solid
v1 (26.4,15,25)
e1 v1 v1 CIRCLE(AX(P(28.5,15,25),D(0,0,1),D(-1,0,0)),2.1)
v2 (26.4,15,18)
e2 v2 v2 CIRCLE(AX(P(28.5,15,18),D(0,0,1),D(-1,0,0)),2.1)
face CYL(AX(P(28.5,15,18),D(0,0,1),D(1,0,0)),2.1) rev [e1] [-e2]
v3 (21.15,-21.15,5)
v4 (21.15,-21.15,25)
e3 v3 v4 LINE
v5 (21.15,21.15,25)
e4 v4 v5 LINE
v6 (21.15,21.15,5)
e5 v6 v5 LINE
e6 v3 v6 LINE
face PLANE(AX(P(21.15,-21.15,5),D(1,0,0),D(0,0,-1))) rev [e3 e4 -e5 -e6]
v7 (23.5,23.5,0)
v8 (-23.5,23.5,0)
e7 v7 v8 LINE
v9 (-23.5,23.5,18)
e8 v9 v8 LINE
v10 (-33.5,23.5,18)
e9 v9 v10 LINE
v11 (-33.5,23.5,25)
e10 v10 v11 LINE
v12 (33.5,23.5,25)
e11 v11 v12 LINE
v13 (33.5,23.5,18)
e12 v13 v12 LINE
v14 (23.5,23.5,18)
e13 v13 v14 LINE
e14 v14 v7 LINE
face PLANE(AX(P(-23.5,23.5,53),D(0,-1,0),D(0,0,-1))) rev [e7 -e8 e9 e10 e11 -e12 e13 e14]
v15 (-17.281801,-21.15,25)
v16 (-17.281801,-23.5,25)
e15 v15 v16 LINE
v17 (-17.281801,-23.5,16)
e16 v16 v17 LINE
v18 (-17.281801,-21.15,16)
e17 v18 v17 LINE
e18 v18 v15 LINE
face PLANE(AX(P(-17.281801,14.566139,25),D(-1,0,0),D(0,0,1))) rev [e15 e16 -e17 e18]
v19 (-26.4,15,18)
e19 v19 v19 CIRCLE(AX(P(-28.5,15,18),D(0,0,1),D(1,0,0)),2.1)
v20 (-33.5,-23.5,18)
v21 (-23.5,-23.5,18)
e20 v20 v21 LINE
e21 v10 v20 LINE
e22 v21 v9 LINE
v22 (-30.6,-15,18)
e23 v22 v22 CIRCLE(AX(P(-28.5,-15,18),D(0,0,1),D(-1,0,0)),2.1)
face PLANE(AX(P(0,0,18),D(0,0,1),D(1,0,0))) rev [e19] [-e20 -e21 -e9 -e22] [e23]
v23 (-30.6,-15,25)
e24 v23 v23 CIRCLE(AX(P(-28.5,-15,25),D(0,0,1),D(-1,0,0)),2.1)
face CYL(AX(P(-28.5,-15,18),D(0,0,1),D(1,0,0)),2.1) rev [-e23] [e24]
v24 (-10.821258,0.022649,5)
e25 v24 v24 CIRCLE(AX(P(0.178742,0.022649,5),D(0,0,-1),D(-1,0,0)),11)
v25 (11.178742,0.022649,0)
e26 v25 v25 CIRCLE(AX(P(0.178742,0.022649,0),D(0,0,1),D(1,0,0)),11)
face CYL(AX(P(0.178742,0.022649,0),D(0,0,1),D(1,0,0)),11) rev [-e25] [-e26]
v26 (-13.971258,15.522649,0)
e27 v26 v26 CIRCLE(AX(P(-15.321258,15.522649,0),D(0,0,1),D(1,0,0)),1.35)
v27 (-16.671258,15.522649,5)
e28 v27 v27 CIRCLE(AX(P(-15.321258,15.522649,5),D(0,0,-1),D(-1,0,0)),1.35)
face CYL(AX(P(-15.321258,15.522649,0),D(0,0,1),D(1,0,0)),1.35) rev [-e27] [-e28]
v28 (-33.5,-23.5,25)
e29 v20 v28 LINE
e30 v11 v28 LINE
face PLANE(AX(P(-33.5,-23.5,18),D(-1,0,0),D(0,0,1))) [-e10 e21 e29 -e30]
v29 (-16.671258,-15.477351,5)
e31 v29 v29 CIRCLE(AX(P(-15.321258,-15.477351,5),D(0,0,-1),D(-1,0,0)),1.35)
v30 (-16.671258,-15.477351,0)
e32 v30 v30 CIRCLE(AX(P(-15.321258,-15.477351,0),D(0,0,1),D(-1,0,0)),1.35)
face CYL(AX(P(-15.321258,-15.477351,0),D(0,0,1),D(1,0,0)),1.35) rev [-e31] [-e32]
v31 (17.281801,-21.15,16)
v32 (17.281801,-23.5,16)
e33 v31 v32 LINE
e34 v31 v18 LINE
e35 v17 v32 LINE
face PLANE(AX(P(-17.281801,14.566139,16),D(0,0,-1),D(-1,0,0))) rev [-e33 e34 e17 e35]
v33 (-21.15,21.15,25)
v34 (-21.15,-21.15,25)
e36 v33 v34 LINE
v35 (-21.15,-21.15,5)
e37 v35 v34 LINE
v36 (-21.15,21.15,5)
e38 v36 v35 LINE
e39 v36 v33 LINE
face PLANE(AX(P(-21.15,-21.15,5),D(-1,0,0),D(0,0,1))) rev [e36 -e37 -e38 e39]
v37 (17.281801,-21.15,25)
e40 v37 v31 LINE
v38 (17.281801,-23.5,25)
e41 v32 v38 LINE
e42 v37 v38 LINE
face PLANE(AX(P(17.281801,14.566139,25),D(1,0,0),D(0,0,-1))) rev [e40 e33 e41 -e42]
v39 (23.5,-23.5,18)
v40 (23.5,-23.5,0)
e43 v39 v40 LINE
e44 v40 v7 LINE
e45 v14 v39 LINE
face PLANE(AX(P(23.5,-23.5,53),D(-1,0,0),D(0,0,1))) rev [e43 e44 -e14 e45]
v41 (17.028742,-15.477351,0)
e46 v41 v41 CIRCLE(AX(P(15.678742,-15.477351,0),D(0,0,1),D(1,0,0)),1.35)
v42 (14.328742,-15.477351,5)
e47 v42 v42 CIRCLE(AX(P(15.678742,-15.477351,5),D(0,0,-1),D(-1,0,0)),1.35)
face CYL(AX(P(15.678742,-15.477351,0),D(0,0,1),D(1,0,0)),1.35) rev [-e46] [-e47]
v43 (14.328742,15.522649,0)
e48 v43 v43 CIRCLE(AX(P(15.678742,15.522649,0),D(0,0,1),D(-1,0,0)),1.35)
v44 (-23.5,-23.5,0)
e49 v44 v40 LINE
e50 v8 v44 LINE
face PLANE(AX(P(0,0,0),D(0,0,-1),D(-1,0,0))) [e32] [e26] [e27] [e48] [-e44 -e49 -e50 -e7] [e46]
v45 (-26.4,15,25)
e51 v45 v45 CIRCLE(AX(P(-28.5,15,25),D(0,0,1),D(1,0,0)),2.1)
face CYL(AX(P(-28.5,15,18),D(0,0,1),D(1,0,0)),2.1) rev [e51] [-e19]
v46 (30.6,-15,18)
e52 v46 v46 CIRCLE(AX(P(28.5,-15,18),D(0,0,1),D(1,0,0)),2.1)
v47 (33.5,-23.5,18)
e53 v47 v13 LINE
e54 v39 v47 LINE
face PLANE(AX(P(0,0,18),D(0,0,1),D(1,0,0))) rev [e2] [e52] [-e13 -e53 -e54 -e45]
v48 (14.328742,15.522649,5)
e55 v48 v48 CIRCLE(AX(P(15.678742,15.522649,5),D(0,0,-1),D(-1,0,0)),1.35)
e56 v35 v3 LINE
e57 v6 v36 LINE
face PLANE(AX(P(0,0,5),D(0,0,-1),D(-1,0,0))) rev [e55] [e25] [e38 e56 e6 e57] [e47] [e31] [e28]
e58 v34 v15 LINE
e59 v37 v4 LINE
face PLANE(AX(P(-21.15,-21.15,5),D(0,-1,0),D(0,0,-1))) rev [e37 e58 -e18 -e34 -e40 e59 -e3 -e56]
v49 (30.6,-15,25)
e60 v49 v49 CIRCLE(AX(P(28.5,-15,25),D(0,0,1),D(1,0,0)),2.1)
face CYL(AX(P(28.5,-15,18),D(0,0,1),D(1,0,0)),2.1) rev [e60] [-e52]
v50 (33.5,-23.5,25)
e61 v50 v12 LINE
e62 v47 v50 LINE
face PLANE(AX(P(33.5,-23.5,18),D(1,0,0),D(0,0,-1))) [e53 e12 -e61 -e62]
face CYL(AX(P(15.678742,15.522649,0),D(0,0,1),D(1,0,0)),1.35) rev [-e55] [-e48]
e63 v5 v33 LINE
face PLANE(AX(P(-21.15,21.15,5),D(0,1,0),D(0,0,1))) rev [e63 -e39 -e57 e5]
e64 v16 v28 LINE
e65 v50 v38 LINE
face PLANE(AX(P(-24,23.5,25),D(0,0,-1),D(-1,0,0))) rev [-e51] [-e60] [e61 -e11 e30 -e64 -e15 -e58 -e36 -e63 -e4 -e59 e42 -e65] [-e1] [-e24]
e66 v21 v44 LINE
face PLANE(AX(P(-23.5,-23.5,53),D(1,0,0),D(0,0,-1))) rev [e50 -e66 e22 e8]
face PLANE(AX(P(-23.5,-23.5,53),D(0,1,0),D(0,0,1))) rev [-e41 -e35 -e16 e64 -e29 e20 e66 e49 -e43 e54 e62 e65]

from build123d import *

# Parameters (mm, degrees)
SKETCH_1_W               = 47
SKETCH_1_H               = 47
EXTRUDE_1_DEPTH          = 53
SKETCH_2_W               = 42.3
SKETCH_2_H               = 42.3
CUT_EXTRUDE_1_DEPTH      = 48
CUT_EXTRUDE_2_DEPTH      = 59.38236035
CUT_EXTRUDE_2_DEPTH_BACK = 59.38236035
SKETCH_3_R               = 11
SKETCH_3_R_2             = 1.35
SKETCH_7_W               = 28
SKETCH_7_H               = 47.225094233
CUT_EXTRUDE_5_DEPTH      = 47.5
SKETCH_20_W              = 10
SKETCH_20_H              = 47
SKETCH_20_R              = 2.1
EXTRUDE_2_DEPTH          = 7
SKETCH_23_W              = 34.56360228
SKETCH_23_H              = 9
CUT_EXTRUDE_8_DEPTH      = 2.35


with BuildPart() as part:
    # Эскиз1 → Бобышка-Вытянуть1 (new body)
    with BuildSketch(Plane.XY):
        Rectangle(SKETCH_1_W, SKETCH_1_H)
    extrude(amount=EXTRUDE_1_DEPTH)

    # Эскиз2 → Вырез-Вытянуть1 (cut)
    with BuildSketch(Plane.XY.offset(53)):
        Rectangle(SKETCH_2_W, SKETCH_2_H)
    extrude(amount=-CUT_EXTRUDE_1_DEPTH, mode=Mode.SUBTRACT)

    # Эскиз3 → Вырез-Вытянуть2 (cut, two sides: drawn at the far end of the back side and taken through both)
    with BuildSketch(Plane.XY.offset(5).offset(-CUT_EXTRUDE_2_DEPTH_BACK)):
        with Locations((0.178742266, 0.022649375)):
            Circle(SKETCH_3_R)
        with Locations((-15.321257734, 15.522649375)):
            Circle(SKETCH_3_R_2)
        with Locations(Location((15.678742266, 15.522649375, 0), (0, 0, 180))):
            Circle(SKETCH_3_R_2)
        with Locations((15.678742266, -15.477350625)):
            Circle(SKETCH_3_R_2)
        with Locations(Location((-15.321257734, -15.477350625, 0), (0, 0, 180))):
            Circle(SKETCH_3_R_2)
    extrude(amount=CUT_EXTRUDE_2_DEPTH + CUT_EXTRUDE_2_DEPTH_BACK, mode=Mode.SUBTRACT)

    # Эскиз7 → Вырез-Вытянуть5 (cut)
    with BuildSketch(Plane(origin=(23.5, 0, 0), x_dir=(0, 0, -1), z_dir=(1, 0, 0))):
        with Locations((-39, -0.112547117)):
            Rectangle(SKETCH_7_W, SKETCH_7_H)
    extrude(amount=-CUT_EXTRUDE_5_DEPTH, mode=Mode.SUBTRACT)

    # Эскиз20 → Бобышка-Вытянуть2 (add)
    # profile 1 of 2: a face of its own
    with BuildSketch(Plane.XY.offset(25)):
        with Locations((-28.5, 0)):
            Rectangle(SKETCH_20_W, SKETCH_20_H)
        with Locations((-28.5, 15)):
            Circle(SKETCH_20_R, mode=Mode.SUBTRACT)
        with Locations(Location((-28.5, -15, 0), (0, 0, 180))):
            Circle(SKETCH_20_R, mode=Mode.SUBTRACT)
    # profile 2 of 2: a face of its own
    with BuildSketch(Plane.XY.offset(25)):
        with Locations((28.5, 0)):
            Rectangle(SKETCH_20_W, SKETCH_20_H)
        with Locations((28.5, -15)):
            Circle(SKETCH_20_R, mode=Mode.SUBTRACT)
        with Locations(Location((28.5, 15, 0), (0, 0, 180))):
            Circle(SKETCH_20_R, mode=Mode.SUBTRACT)
    extrude(amount=-EXTRUDE_2_DEPTH)

    # Эскиз23 → Вырез-Вытянуть8 (cut)
    with BuildSketch(Plane(origin=(0, -23.5, 0), x_dir=(-1, 0, 0), z_dir=(0, -1, 0))):
        with Locations((0, -20.5)):
            Rectangle(SKETCH_23_W, SKETCH_23_H)
    extrude(amount=-CUT_EXTRUDE_8_DEPTH, mode=Mode.SUBTRACT)


solid = part.part
